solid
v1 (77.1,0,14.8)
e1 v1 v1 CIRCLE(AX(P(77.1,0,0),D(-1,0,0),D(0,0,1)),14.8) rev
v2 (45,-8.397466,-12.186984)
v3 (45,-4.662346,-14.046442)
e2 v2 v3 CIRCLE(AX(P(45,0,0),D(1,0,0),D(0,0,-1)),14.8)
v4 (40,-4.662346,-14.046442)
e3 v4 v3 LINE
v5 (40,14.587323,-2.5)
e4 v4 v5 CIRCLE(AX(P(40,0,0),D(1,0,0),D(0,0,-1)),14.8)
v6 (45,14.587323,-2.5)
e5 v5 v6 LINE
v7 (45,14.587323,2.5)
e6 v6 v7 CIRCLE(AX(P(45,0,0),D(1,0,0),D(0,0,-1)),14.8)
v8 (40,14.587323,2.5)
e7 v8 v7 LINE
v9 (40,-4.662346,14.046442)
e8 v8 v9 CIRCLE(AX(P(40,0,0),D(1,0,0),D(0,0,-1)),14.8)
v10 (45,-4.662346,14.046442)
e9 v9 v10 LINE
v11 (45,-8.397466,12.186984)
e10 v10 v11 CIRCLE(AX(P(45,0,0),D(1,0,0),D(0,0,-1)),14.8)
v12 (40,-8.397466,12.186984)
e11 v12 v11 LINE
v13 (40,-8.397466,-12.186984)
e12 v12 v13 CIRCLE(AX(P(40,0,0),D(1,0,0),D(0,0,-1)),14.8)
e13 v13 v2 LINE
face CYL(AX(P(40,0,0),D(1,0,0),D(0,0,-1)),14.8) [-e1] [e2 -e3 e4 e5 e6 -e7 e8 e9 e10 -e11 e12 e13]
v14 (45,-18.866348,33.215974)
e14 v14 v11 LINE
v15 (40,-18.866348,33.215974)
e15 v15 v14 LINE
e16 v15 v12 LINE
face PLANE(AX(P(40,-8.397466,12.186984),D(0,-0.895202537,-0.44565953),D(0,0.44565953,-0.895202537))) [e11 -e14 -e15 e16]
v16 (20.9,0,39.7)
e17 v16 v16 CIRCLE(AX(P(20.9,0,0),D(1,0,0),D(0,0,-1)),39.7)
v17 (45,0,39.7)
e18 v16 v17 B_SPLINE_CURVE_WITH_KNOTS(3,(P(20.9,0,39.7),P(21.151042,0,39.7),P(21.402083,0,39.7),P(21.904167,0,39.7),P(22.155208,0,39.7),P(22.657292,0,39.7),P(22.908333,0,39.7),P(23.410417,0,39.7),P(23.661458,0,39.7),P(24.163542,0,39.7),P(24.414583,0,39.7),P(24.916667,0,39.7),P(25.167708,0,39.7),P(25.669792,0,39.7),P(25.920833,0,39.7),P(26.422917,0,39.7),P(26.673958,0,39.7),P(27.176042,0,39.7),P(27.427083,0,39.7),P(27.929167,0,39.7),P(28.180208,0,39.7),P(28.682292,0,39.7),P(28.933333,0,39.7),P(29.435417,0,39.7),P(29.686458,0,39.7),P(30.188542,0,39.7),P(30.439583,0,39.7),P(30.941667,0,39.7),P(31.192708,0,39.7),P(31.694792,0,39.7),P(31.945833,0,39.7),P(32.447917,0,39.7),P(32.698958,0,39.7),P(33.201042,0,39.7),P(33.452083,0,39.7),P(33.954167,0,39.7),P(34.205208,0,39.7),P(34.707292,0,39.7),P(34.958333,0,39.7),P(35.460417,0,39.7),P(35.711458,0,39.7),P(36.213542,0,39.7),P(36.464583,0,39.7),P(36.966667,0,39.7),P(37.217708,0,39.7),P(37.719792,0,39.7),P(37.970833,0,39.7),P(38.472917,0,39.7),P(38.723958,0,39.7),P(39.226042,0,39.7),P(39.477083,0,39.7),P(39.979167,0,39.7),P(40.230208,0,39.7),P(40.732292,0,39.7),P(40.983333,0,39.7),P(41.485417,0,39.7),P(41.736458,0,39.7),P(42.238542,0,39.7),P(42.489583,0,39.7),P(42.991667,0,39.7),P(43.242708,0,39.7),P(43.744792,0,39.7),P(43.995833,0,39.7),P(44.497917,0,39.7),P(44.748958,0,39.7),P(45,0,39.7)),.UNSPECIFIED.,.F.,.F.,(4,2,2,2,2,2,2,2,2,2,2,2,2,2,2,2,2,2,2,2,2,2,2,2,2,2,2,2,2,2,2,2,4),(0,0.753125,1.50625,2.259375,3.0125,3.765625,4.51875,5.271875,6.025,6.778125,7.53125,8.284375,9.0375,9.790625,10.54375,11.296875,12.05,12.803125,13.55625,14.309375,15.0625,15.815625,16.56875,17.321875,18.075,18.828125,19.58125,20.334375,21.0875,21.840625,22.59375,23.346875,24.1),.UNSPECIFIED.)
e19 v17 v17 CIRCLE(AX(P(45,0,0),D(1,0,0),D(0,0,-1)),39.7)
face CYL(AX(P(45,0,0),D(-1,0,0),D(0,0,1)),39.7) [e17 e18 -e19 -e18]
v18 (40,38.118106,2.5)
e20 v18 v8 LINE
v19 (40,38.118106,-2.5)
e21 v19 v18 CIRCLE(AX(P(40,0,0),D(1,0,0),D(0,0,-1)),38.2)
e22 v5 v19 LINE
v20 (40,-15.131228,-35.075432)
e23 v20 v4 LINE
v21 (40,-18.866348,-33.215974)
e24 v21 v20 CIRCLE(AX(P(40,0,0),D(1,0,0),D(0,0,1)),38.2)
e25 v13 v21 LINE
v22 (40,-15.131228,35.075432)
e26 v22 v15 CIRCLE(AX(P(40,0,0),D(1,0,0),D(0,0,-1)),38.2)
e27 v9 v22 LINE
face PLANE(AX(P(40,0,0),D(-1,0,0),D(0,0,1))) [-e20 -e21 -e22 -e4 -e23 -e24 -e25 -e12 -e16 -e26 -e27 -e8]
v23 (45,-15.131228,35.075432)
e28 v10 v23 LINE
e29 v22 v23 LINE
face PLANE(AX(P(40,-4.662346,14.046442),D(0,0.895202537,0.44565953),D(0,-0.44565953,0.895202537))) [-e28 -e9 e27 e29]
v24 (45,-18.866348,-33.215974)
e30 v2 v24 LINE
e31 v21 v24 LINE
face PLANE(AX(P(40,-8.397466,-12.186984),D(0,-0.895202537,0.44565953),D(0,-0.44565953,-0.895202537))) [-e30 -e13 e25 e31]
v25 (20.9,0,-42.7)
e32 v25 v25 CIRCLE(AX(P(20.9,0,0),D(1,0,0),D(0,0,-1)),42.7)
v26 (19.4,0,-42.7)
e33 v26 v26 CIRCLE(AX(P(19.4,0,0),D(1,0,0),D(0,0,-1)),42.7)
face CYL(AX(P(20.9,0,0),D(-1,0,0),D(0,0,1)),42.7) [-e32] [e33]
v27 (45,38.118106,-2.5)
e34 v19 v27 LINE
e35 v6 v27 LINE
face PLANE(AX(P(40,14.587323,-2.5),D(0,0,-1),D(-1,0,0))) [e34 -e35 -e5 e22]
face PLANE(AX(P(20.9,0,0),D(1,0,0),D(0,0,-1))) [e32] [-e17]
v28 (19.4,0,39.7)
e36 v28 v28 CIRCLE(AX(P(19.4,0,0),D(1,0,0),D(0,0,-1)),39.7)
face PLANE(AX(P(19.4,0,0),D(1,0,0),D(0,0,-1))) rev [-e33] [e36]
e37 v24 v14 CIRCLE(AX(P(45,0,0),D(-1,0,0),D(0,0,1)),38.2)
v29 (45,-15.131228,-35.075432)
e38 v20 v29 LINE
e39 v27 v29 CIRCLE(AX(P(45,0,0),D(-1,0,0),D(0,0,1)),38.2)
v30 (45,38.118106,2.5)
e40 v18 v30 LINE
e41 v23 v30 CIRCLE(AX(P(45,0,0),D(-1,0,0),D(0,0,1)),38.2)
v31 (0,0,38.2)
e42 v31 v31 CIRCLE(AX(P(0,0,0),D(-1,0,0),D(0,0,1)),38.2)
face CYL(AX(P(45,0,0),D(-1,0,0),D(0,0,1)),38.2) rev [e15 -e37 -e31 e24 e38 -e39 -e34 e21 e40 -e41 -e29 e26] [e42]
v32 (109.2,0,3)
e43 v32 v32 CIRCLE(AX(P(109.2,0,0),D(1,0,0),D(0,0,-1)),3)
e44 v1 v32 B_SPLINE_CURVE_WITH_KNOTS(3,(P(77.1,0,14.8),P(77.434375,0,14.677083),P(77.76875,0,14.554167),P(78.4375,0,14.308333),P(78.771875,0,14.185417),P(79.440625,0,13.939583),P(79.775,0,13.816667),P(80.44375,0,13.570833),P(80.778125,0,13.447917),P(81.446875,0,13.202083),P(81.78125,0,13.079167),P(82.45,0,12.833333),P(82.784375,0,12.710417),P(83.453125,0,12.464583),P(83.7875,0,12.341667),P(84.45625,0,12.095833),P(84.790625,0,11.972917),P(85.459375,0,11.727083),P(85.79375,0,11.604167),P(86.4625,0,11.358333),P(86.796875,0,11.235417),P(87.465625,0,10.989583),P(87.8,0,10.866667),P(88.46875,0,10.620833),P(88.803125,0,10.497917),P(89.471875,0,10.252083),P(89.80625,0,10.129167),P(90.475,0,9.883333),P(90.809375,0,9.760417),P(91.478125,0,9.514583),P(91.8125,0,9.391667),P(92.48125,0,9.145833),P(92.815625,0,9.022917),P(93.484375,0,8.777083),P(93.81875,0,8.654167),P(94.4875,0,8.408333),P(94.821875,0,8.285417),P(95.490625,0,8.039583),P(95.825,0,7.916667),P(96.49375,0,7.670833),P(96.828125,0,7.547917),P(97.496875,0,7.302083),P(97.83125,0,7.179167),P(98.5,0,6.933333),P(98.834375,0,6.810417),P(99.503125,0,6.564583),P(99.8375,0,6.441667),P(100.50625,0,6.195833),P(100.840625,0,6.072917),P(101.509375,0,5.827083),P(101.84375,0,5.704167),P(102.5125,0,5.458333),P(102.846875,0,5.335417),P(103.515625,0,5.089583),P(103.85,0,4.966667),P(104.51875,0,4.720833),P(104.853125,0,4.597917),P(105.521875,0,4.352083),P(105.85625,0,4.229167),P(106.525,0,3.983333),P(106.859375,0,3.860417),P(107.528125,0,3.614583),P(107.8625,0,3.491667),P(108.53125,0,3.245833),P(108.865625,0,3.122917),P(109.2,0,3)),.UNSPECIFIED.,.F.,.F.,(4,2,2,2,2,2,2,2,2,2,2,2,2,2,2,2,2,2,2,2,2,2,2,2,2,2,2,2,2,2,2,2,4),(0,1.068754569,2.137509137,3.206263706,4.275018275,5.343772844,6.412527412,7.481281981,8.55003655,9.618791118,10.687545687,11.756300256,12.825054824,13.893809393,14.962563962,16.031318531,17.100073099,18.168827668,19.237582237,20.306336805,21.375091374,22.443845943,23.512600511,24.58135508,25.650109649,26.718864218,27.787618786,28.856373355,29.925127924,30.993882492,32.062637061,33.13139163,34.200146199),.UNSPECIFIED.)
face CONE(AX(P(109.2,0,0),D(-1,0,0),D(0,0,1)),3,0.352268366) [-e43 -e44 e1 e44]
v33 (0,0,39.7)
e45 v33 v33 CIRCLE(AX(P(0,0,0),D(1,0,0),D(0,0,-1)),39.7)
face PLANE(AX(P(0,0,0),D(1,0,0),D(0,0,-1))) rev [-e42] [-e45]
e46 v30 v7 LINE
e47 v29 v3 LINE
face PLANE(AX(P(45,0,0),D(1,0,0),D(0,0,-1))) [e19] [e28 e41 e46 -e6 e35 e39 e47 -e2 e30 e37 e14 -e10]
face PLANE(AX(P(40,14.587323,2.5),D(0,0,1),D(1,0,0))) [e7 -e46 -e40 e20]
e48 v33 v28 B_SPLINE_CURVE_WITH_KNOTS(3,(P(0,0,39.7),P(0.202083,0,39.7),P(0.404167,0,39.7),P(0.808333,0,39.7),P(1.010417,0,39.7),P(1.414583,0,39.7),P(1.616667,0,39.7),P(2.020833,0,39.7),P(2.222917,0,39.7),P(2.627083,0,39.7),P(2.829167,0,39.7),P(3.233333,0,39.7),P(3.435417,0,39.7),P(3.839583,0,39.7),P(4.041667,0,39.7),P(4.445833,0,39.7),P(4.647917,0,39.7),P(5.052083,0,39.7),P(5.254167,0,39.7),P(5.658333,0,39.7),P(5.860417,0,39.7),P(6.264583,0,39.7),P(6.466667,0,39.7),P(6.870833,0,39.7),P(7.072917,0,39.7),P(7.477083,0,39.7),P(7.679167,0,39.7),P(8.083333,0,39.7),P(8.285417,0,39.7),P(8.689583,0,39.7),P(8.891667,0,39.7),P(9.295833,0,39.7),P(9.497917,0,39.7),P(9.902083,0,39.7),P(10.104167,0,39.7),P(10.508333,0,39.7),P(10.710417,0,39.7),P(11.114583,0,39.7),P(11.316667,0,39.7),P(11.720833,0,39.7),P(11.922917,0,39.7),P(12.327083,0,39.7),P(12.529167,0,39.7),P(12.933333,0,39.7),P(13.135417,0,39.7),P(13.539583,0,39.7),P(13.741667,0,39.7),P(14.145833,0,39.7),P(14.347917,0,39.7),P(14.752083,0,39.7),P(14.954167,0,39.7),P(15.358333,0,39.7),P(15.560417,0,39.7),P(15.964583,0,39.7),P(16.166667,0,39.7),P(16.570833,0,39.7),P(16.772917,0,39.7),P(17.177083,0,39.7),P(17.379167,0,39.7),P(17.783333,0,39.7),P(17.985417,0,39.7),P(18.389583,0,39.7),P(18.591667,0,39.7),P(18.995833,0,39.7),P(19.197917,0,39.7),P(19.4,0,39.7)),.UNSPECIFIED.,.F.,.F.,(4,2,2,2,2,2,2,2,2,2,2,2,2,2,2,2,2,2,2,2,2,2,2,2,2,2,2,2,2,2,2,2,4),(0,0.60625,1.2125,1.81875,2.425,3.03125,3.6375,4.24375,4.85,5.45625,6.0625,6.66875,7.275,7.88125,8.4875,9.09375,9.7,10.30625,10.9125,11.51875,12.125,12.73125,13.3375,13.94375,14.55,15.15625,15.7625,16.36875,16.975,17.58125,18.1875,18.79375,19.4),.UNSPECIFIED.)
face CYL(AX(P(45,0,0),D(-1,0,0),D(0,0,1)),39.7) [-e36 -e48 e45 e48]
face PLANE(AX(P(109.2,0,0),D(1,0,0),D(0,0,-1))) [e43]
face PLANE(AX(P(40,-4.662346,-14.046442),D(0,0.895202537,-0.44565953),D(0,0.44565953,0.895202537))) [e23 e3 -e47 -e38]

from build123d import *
from build123d.topology import SkipClean

# Parameters (mm, degrees)
SKETCH_1_R          = 39.7
EXTRUDE_1_DEPTH     = 45
SKETCH_2_R          = 38.2
CUT_EXTRUDE_1_DEPTH = 72.952623302
SKETCH_3_R          = 42.7
SKETCH_3_R_2        = 39.7
EXTRUDE_2_DEPTH     = 1.5
EXTRUDE_START       = -5
EXTRUDE_3_DEPTH     = 5
SKETCH_7_R          = 14.8
EXTRUDE_4_DEPTH     = 32.1
SKETCH_9_R          = 14.8
SKETCH_10_R         = 3


with BuildPart() as part:
    # Эскиз1 → Бобышка-Вытянуть1 (new body)
    with BuildSketch(Plane(origin=(0, 0, 0), x_dir=(0, 0, -1), z_dir=(1, 0, 0))):
        with Locations(Location((0, 0, 0), (0, 0, 180))):
            Circle(SKETCH_1_R)
    extrude(amount=EXTRUDE_1_DEPTH)

    # Эскиз2 → Вырез-Вытянуть1 (cut, through all)
    with BuildSketch(Plane.ZY):
        Circle(SKETCH_2_R)
    extrude(amount=-CUT_EXTRUDE_1_DEPTH, mode=Mode.SUBTRACT)

    # Эскиз3 → Бобышка-Вытянуть2 (add)
    with BuildSketch(Plane(origin=(19.4, 0, 0), x_dir=(0, 0, -1), z_dir=(1, 0, 0))):
        Circle(SKETCH_3_R)
        with Locations(Location((0, 0, 0), (0, 0, 180))):
            Circle(SKETCH_3_R_2, mode=Mode.SUBTRACT)
    extrude(amount=EXTRUDE_2_DEPTH)

    # Эскиз6 → Бобышка-Вытянуть3 (add)
    with BuildSketch(Plane(origin=(45, 0, 0), x_dir=(0, 0, -1), z_dir=(1, 0, 0)).offset(EXTRUDE_START)):
        with BuildLine():
            Line((-2.5, 14.587323264), (-2.5, 38.118105934))
            ThreePointArc((-2.5, 38.118105934), (0, 38.2), (2.5, 38.118105934))
            Line((2.5, 38.118105934), (2.5, 14.587323264))
            ThreePointArc((2.5, 14.587323264), (12.69187237, 7.612908495), (14.046441999, -4.662345674))
            Line((14.046441999, -4.662345674), (35.075432195, -15.131227853))
            ThreePointArc((35.075432195, -15.131227853), (34.196736932, -17.024194054), (33.215973901, -18.86634776))
            Line((33.215973901, -18.86634776), (12.186983705, -8.397465581))
            ThreePointArc((12.186983705, -8.397465581), (0, -14.8), (-12.186983705, -8.397465581))
            Line((-12.186983705, -8.397465581), (-33.215973901, -18.86634776))
            ThreePointArc((-33.215973901, -18.86634776), (-34.196736932, -17.024194054), (-35.075432195, -15.131227853))
            Line((-35.075432195, -15.131227853), (-14.046441999, -4.662345674))
            ThreePointArc((-14.046441999, -4.662345674), (-12.69187237, 7.612908495), (-2.5, 14.587323264))
        make_face()
    extrude(amount=EXTRUDE_3_DEPTH)

    # Эскиз7 → Бобышка-Вытянуть4 (add)
    with SkipClean():  # the faces are left unmerged after this step: merging them gives an invalid solid
        with BuildSketch(Plane(origin=(45, 0, 0), x_dir=(0, 0, -1), z_dir=(1, 0, 0))):
            Circle(SKETCH_7_R)
        extrude(amount=EXTRUDE_4_DEPTH)

    # Эскиз9 → По сечениям1 section 0
    with SkipClean():  # the faces are left unmerged after this step: merging them gives an invalid solid
        with BuildSketch(Plane(origin=(77.1, 0, 0), x_dir=(0, 0, -1), z_dir=(1, 0, 0))):
            Circle(SKETCH_9_R)
        # Эскиз10 → По сечениям1 section 1
        with BuildSketch(Plane(origin=(109.2, 0, 0), x_dir=(0, 0, -1), z_dir=(1, 0, 0))):
            Circle(SKETCH_10_R)
        loft()


solid = part.part
